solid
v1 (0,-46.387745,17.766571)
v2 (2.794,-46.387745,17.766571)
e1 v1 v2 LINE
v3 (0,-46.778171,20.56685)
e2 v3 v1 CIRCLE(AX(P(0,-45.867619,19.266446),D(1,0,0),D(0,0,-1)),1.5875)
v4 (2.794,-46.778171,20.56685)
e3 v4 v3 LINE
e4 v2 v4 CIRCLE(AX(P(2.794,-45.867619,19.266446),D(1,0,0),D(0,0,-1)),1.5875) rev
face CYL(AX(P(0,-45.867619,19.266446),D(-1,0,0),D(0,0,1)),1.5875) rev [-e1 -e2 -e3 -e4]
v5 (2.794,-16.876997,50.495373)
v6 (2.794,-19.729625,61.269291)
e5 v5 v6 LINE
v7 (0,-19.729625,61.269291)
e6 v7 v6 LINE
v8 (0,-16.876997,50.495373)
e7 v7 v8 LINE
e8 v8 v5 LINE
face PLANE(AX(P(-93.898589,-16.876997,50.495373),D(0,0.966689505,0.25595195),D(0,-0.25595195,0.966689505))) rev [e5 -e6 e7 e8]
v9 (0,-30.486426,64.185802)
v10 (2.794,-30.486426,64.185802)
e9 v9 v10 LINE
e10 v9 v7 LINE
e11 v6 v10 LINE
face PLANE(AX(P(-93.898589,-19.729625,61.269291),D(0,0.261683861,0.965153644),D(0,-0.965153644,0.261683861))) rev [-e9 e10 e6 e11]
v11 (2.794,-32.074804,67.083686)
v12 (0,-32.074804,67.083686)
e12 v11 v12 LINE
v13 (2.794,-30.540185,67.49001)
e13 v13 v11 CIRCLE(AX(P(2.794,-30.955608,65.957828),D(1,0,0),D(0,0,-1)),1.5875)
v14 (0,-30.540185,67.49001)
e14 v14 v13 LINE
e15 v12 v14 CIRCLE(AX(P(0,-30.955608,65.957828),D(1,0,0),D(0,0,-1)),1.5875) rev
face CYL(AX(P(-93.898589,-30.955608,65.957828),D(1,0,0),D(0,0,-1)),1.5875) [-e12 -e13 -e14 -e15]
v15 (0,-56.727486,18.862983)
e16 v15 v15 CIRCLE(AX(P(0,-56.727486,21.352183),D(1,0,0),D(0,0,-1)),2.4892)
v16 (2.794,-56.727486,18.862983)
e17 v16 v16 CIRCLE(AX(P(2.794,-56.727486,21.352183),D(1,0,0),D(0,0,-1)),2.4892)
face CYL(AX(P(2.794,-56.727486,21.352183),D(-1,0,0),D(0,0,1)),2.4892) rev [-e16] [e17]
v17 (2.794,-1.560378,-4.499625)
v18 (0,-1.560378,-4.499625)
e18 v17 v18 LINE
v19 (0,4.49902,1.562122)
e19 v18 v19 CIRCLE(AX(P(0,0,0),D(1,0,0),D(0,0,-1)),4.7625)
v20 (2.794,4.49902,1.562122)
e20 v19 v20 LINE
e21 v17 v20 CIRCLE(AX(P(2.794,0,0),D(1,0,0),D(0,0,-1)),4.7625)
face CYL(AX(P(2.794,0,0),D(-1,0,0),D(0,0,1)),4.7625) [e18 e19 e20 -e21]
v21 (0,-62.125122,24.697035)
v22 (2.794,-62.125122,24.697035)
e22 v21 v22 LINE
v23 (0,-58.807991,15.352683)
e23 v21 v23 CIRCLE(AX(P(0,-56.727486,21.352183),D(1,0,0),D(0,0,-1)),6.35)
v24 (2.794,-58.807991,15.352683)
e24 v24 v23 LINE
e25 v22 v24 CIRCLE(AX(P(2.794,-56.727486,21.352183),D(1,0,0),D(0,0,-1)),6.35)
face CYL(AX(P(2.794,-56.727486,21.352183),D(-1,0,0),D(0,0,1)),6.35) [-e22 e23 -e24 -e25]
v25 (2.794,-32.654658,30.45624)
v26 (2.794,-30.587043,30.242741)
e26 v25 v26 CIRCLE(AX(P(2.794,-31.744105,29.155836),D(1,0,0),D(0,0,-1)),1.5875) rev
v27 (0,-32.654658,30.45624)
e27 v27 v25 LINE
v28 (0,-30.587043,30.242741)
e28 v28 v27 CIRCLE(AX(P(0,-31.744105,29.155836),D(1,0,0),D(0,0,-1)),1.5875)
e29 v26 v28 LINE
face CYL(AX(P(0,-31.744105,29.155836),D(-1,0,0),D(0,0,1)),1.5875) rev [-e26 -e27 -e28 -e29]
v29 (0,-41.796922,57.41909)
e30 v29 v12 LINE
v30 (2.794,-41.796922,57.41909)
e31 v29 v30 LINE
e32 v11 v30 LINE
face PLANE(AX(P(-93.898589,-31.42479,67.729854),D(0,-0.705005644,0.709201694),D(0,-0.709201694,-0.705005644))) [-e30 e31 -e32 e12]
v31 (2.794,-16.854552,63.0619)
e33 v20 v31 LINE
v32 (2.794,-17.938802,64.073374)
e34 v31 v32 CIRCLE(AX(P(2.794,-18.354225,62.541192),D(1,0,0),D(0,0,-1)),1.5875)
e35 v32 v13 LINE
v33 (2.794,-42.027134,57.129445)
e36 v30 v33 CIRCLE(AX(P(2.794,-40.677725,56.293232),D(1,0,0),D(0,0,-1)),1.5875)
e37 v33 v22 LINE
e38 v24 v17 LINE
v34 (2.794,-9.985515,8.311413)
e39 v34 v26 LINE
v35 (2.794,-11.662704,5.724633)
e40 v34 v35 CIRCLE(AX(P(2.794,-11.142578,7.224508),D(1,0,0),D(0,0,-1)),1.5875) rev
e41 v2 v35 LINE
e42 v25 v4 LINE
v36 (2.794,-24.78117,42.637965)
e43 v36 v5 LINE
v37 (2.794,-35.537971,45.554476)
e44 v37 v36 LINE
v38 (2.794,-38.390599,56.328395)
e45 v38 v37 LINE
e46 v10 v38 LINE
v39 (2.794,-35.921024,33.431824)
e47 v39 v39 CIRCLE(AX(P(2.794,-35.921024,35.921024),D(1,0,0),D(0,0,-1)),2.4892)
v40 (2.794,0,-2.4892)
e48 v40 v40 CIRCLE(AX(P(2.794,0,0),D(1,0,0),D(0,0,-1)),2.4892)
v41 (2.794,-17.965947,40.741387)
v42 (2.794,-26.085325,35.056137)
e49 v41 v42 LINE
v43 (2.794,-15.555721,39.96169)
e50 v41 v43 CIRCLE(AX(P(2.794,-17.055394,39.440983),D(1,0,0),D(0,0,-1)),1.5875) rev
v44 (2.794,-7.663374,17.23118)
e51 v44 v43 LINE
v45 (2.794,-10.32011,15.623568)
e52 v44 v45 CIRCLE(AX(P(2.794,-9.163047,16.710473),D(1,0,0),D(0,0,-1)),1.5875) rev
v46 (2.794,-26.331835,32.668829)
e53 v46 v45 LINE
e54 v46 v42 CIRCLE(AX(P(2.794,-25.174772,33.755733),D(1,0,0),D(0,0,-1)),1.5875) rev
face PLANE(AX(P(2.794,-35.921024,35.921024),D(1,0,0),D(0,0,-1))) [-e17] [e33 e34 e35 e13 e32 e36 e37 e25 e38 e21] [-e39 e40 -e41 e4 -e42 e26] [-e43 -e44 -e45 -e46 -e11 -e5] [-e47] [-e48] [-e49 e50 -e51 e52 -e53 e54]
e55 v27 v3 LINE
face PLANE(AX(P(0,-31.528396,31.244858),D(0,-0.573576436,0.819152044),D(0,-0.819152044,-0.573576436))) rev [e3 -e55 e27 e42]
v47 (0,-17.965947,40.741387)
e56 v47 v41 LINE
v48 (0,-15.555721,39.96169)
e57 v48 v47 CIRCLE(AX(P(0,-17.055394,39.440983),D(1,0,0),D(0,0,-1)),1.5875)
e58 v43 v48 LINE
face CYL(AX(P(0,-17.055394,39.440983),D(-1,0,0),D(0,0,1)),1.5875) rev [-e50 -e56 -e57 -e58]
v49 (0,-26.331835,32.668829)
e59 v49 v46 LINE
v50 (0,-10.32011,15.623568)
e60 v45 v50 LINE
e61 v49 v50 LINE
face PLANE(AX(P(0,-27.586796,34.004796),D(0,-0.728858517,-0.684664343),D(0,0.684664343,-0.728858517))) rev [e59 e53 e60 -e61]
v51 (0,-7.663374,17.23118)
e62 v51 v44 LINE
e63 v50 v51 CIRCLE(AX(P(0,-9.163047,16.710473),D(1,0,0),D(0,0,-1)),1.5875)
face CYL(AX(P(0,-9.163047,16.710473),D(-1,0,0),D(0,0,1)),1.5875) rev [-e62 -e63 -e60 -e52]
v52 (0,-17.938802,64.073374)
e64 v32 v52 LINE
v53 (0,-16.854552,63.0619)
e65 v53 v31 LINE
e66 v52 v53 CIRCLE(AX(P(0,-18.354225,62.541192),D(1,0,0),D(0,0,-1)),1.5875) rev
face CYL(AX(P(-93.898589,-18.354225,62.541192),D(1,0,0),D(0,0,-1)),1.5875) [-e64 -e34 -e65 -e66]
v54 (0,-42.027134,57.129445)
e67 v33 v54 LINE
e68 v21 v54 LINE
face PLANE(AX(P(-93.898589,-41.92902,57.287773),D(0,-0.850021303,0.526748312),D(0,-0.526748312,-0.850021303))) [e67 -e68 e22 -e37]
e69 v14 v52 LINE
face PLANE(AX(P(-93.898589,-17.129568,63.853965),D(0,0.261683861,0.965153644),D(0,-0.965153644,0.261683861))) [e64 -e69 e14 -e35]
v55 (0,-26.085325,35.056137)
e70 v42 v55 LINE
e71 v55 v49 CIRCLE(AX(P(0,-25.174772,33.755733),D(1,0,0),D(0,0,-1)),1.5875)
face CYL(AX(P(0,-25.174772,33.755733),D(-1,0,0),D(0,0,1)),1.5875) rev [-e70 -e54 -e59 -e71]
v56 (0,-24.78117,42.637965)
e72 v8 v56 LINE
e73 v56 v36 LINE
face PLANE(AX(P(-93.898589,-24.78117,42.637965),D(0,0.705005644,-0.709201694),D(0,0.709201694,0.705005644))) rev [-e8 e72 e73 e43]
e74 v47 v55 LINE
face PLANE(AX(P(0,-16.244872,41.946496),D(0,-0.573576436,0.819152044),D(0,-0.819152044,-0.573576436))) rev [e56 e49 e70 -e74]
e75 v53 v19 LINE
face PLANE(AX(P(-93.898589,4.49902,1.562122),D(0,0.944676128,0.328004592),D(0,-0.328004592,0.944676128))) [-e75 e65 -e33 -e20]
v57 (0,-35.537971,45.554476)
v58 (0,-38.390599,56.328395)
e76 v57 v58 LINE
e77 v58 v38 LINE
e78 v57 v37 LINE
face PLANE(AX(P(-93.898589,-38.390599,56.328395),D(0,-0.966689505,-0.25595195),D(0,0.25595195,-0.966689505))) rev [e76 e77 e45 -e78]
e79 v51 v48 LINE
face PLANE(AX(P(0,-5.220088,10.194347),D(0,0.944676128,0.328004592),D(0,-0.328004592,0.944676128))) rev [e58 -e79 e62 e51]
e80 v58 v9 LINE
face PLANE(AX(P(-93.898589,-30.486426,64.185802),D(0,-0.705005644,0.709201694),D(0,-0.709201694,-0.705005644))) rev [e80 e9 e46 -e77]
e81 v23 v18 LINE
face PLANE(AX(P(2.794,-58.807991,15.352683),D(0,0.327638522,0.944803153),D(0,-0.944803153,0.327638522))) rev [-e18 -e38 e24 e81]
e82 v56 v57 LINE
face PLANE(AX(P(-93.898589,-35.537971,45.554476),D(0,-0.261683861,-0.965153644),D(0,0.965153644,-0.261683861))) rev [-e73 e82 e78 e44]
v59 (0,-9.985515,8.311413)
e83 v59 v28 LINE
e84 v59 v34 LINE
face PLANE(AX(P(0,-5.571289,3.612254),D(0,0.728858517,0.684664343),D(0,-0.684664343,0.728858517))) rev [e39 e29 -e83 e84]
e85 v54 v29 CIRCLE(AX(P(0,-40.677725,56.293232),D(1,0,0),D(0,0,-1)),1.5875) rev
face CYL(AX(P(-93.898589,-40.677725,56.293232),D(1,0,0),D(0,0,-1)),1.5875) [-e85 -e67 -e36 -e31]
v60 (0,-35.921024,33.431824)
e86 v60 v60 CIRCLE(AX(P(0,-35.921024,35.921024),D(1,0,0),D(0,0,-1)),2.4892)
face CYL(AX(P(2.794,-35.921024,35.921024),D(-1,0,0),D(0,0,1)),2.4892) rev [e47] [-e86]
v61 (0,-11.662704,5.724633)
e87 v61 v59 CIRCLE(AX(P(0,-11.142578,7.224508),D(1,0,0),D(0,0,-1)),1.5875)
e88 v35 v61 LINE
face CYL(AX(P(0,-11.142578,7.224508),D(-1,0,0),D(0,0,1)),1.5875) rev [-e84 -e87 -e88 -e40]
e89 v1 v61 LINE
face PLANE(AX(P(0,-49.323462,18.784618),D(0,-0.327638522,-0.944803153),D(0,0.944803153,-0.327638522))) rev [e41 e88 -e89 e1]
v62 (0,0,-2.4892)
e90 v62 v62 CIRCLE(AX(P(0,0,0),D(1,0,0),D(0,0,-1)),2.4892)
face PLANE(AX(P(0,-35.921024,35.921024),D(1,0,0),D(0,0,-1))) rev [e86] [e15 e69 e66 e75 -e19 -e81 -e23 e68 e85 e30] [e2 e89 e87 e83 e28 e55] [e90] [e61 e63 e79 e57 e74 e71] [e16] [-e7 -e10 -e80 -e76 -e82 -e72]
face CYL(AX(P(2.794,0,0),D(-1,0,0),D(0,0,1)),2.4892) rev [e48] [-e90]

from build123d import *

# Parameters (mm, degrees)
SKETCH1_R           = 2.4892
BOSS_EXTRUDE1_DEPTH = 2.794
CUT_EXTRUDE1_DEPTH  = 76.982993088
BOSS_EXTRUDE2_START = -2.794
BOSS_EXTRUDE2_DEPTH = 2.794
CUT_EXTRUDE2_DEPTH  = 93.595404272
FILLET1_R           = 1.5875
FILLET2_R           = 1.5875


with BuildPart() as part:
    # Sketch1 → Boss-Extrude1 (new body)
    with BuildSketch(Plane(origin=(0, 0, 0), x_dir=(0, 0, -1), z_dir=(1, 0, 0))):
        with BuildLine():
            Line((-15.352682977, -58.807991027), (4.499625018, -1.560378463))
            ThreePointArc((4.499625018, -1.560378463), (2.590924963, 3.996062323), (-3.260713933, 3.471188686))
            Line((-3.260713933, 3.471188686), (-40.268643062, -31.292772903))
            ThreePointArc((-40.268643062, -31.292772903), (-42.237439845, -35.268799833), (-41.122639966, -39.563234855))
            Line((-41.122639966, -39.563234855), (-26.553798482, -60.36969678))
            ThreePointArc((-26.553798482, -60.36969678), (-20.475321466, -63.016652797), (-15.352682977, -58.807991027))
        make_face()
        Circle(SKETCH1_R, mode=Mode.SUBTRACT)
        with Locations((-35.921024484, -35.921024484)):
            Circle(SKETCH1_R, mode=Mode.SUBTRACT)
        with Locations((-21.352183001, -56.727486409)):
            Circle(SKETCH1_R, mode=Mode.SUBTRACT)
    extrude(amount=BOSS_EXTRUDE1_DEPTH)

    # Sketch2 → Cut-Extrude1 (cut, through all)
    with BuildSketch(Plane(origin=(2.794, 0, 0), x_dir=(0, 0, -1), z_dir=(1, 0, 0))):
        Polygon((-3.612253937, -5.571289043), (-31.24485752, -31.528395862), (-18.784617945, -49.323462173), align=None)
    extrude(amount=-CUT_EXTRUDE1_DEPTH, mode=Mode.SUBTRACT)

    # Sketch3 → Boss-Extrude2 (add)
    with BuildSketch(Plane(origin=(2.794, 0, 0), x_dir=(0, 0, -1), z_dir=(1, 0, 0)).offset(BOSS_EXTRUDE2_START)):
        with BuildLine():
            Line((-1.562121869, 4.499020062), (-63.85396467, -17.129567629))
            Line((-63.85396467, -17.129567629), (-67.729854308, -31.424790078))
            Line((-67.729854308, -31.424790078), (-57.287773334, -41.92902019))
            Line((-57.287773334, -41.92902019), (-24.697034781, -62.125121685))
            ThreePointArc((-24.697034781, -62.125121685), (-25.714625529, -61.341768064), (-26.553798482, -60.36969678))
            Line((-26.553798482, -60.36969678), (-41.122639966, -39.563234855))
            ThreePointArc((-41.122639966, -39.563234855), (-42.237439845, -35.268799833), (-40.268643062, -31.292772903))
            Line((-40.268643062, -31.292772903), (-3.260713933, 3.471188686))
            ThreePointArc((-3.260713933, 3.471188686), (-2.465572069, 4.074599443), (-1.562121869, 4.499020062))
        make_face()
        Polygon((-56.32839471, -38.390598792), (-45.55447623, -35.537970896), (-42.637965216, -24.781169846), (-50.495372681, -16.876996692), (-61.269291162, -19.729624588), (-64.185802176, -30.486425638), align=None, mode=Mode.SUBTRACT)
    extrude(amount=BOSS_EXTRUDE2_DEPTH)

    # Sketch4 → Cut-Extrude2 (cut, through all)
    with BuildSketch(Plane(origin=(2.794, 0, 0), x_dir=(0, 0, -1), z_dir=(1, 0, 0))):
        Polygon((-41.946495802, -16.24487248), (-34.004795616, -27.58679577), (-10.194346511, -5.220087943), align=None)
    extrude(amount=-CUT_EXTRUDE2_DEPTH, mode=Mode.SUBTRACT)

    # Fillet1
    fillet1_edges = [part.edges().sort_by_distance(p)[0] for p in [
        (1.397, -5.571289043, 3.612253937),
        (1.397, -49.323462173, 18.784617945),
        (1.397, -31.528395862, 31.24485752),
    ]]
    fillet(fillet1_edges, radius=FILLET1_R)

    # Fillet2
    fillet2_edges = [part.edges().sort_by_distance(p)[0] for p in [
        (1.397, -17.129567629, 63.85396467),
        (1.397, -31.424790078, 67.729854308),
        (1.397, -41.92902019, 57.287773334),
        (1.397, -16.24487248, 41.946495802),
        (1.397, -5.220087943, 10.194346511),
        (1.397, -27.58679577, 34.004795616),
    ]]
    fillet(fillet2_edges, radius=FILLET2_R)


solid = part.part
